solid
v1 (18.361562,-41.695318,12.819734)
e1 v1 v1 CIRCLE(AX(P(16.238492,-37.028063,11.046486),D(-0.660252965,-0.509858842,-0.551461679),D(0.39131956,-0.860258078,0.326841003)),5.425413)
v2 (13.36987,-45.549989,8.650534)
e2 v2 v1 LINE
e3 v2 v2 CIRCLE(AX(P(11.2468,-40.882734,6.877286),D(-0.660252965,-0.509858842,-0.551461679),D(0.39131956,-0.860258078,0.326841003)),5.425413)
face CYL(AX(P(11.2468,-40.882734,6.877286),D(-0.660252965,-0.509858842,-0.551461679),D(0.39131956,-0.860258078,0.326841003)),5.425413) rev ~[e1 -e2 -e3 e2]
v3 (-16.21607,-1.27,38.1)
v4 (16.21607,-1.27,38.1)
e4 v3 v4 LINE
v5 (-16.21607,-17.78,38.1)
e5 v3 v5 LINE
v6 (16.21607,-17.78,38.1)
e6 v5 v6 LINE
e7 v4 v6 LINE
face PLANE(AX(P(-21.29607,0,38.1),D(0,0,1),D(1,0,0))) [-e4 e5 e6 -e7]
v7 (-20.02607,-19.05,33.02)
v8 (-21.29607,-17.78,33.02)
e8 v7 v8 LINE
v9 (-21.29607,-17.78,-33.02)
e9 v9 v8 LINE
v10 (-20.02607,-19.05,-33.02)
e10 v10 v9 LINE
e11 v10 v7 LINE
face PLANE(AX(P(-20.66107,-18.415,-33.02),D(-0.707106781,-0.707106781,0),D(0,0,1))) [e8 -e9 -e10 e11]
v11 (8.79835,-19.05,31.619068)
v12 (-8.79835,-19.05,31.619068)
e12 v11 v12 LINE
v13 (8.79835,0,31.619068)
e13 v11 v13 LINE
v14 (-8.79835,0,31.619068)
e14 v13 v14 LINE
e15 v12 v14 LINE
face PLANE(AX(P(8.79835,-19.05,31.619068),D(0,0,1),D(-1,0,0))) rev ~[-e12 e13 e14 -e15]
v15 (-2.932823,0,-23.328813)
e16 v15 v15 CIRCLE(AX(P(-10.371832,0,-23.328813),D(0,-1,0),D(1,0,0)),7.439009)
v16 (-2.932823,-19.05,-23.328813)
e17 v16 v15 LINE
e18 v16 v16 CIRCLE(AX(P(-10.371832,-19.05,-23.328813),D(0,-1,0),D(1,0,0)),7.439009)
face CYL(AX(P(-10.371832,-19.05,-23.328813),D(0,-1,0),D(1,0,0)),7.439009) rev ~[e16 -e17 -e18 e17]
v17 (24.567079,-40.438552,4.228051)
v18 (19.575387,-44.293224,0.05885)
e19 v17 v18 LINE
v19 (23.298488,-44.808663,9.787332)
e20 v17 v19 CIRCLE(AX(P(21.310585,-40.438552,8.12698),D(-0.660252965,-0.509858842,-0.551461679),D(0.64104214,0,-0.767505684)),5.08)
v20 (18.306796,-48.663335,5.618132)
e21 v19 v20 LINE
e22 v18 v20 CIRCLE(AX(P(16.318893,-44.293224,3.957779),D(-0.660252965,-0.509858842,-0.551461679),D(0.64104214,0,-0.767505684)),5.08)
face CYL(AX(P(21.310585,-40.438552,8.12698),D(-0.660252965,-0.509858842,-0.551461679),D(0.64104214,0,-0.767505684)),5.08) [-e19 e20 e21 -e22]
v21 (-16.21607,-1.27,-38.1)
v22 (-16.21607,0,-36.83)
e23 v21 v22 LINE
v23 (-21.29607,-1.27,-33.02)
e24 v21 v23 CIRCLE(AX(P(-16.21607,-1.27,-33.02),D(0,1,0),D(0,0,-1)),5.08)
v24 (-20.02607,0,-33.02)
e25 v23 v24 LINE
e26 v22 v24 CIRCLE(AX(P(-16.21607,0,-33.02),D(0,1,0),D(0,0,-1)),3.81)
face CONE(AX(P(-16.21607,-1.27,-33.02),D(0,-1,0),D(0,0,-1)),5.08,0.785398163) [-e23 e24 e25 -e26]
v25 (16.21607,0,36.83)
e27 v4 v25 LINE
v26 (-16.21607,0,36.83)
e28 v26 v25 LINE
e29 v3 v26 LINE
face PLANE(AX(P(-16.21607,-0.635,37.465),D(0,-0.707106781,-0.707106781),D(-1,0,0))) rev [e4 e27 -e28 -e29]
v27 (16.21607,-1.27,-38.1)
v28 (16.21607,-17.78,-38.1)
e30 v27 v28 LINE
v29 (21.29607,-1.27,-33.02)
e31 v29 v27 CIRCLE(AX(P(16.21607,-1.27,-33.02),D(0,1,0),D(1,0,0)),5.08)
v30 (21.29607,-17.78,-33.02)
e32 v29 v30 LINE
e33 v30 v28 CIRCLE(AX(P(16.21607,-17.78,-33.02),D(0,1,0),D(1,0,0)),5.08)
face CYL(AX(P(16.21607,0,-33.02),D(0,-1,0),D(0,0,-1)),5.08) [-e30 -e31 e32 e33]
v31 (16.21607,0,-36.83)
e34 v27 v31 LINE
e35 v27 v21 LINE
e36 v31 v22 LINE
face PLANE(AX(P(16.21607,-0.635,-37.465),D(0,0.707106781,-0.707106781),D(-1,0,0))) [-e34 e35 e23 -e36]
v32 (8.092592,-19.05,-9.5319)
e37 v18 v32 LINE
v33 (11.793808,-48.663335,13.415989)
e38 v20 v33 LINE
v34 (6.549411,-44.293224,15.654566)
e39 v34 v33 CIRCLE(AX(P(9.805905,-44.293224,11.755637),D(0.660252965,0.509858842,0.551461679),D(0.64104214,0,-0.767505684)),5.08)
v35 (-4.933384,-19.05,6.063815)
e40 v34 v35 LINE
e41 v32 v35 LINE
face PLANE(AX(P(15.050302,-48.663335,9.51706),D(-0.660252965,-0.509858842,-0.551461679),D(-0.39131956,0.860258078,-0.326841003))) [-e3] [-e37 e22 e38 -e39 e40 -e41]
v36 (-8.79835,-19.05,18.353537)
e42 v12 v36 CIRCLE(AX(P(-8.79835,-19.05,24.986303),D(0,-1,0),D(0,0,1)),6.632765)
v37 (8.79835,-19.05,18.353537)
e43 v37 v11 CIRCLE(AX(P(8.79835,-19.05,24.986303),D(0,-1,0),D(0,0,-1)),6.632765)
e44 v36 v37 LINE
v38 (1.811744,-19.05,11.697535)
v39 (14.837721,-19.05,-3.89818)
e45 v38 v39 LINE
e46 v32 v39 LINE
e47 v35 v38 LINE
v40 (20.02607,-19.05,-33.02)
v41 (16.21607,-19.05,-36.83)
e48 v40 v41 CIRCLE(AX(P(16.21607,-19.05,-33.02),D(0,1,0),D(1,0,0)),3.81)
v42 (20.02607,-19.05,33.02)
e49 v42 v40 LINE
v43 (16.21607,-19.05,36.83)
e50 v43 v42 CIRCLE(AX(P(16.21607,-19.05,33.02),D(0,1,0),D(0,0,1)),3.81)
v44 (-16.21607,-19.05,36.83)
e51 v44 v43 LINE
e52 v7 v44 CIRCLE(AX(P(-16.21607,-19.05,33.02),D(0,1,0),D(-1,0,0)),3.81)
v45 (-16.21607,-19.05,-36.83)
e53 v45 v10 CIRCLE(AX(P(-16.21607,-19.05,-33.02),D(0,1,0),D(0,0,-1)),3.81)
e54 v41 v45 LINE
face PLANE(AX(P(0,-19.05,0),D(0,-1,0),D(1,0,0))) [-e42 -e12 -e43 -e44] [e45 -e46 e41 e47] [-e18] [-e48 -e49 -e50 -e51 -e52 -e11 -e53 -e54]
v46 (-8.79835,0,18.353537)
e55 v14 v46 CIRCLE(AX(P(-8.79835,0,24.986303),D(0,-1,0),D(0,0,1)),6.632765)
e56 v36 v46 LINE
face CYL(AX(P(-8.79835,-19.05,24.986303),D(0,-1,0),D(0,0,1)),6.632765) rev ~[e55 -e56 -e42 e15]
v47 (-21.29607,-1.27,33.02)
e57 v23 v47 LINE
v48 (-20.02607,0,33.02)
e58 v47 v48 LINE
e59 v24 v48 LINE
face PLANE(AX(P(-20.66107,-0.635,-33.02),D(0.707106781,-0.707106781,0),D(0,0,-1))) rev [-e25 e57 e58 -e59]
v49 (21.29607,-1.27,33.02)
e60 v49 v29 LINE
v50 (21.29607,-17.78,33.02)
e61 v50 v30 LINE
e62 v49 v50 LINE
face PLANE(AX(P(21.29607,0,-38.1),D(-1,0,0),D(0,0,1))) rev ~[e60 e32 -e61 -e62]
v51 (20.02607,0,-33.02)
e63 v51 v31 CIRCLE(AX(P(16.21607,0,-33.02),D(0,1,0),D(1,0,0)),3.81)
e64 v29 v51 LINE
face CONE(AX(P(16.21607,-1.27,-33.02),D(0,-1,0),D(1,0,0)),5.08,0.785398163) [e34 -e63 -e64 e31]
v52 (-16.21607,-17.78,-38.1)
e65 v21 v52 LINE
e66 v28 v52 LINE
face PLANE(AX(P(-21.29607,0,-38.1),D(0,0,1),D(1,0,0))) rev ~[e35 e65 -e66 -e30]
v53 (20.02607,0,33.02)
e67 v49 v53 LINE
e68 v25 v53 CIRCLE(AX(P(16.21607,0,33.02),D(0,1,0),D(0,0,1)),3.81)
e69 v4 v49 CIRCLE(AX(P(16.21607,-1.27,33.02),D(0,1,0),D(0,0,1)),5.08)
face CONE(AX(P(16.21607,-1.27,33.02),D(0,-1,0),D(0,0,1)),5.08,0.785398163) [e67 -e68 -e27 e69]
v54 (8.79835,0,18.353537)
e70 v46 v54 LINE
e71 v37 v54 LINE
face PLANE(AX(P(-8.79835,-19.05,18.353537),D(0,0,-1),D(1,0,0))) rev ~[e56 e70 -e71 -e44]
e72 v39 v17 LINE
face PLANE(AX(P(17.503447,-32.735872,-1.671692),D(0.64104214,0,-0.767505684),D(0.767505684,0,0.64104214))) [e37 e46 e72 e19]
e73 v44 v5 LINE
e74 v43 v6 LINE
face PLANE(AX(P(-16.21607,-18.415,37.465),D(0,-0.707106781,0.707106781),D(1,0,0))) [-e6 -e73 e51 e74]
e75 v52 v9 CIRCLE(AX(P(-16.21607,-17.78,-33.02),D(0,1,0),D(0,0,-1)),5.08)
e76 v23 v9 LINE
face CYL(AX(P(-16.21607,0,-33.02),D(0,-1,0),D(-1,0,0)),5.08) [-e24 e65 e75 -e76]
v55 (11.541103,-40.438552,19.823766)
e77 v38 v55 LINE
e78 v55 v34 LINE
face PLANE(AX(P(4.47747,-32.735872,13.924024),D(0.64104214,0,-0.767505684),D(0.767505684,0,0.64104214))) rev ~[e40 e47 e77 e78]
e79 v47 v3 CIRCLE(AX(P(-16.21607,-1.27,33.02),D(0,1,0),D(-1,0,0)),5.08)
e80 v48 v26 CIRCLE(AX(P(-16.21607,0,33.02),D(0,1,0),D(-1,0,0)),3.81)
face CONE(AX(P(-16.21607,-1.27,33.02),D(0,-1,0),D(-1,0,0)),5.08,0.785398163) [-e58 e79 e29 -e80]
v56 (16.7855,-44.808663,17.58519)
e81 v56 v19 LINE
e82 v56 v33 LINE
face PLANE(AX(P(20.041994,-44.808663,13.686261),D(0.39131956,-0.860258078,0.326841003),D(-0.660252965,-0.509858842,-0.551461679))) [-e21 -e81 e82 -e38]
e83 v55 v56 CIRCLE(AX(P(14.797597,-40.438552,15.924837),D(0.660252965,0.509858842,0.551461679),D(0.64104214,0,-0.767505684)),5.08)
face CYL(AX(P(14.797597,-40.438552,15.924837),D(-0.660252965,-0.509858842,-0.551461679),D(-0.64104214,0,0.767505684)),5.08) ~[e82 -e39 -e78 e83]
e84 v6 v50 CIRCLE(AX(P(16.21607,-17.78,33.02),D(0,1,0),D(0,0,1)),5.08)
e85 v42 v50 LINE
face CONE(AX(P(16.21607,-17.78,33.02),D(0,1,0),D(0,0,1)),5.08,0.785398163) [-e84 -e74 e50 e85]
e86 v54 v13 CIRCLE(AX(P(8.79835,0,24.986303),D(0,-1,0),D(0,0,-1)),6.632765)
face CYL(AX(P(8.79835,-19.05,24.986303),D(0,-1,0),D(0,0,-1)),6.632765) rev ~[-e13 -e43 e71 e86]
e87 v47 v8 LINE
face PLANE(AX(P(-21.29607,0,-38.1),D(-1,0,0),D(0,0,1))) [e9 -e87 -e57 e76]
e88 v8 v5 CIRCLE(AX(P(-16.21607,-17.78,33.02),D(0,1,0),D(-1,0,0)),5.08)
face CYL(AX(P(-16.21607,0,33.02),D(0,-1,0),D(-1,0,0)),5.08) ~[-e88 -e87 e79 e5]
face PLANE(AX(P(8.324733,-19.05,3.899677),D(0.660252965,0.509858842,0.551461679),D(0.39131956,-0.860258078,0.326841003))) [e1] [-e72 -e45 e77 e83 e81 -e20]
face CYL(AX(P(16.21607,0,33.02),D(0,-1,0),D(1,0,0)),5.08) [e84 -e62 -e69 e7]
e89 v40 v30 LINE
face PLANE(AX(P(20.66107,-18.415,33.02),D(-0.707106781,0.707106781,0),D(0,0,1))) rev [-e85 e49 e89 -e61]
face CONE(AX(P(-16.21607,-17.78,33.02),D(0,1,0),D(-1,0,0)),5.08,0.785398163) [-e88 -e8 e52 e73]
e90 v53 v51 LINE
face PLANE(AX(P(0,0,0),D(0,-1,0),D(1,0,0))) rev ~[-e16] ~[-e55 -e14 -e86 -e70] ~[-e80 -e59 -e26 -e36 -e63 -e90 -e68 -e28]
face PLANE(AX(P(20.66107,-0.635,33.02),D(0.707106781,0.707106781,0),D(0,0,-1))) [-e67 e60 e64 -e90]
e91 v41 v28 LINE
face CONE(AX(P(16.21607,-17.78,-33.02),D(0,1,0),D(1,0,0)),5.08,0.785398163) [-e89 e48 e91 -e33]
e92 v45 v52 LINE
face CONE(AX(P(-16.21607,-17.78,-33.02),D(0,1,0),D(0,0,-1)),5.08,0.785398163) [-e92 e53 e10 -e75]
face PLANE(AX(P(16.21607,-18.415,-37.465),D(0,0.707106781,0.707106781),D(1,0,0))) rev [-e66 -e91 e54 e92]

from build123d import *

# Parameters (mm, degrees)
F0_W      = 42.5921405452
F0_H      = 76.2
F1_DEPTH  = 19.05
F2_R      = 5.08
F3_R      = 7.4390090137
F4_DEPTH  = 25.4
F8_DEPTH  = 10.16
F9_R      = 5.08
F10_R     = 5.4254130452
F11_DEPTH = 25.4
F12_SIZE  = 1.27


with BuildPart() as f1:
    # F0 (on Front) → F1 (new body)
    with BuildSketch(Plane.XZ):
        Rectangle(F0_W, F0_H)
    extrude(amount=F1_DEPTH)

    # F2
    f2_edges = [f1.edges().sort_by_distance(p)[0] for p in [
        (-21.29607, -9.525, 38.1),
        (21.29607, -9.525, 38.1),
        (21.29607, -9.525, -38.1),
        (-21.29607, -9.525, -38.1),
    ]]
    fillet(f2_edges, radius=F2_R)

    # F3 (on face) → F4 (cut)
    with BuildSketch(Plane.XZ.offset(19.05)):
        with Locations((-10.371832177, -23.3288127929)):
            Circle(F3_R)
        with BuildLine():
            Line((8.7983496487, 31.6190682352), (-8.7983496487, 31.6190682352))
            ThreePointArc((-8.7983496487, 31.6190682352), (-15.4311150855, 24.9863027984), (-8.7983496487, 18.3535373615))
            Line((-8.7983496487, 18.3535373615), (8.7983496487, 18.3535373615))
            ThreePointArc((8.7983496487, 18.3535373615), (15.4311150855, 24.9863027984), (8.7983496487, 31.6190682352))
        make_face()
    extrude(amount=-F4_DEPTH, mode=Mode.SUBTRACT)

    # F7 (on face) → F8 (join, symmetric)
    with BuildSketch(Plane(origin=(1.5022693661, 0, -1.79863414), x_dir=(0.7675056841, 0, 0.6410421397), z_dir=(0.6410421397, 0, -0.7675056841))):
        Polygon((0.1007605708, 19.05), (8.8891370815, 19.05), (24.1558142006, 44.8086634278), (17.6520292383, 48.6633348998), align=None)
    extrude(amount=F8_DEPTH, both=True)

    # F9
    f9_edges = [f1.edges().sort_by_distance(p)[0] for p in [
        (11.03316, -46.735999, 19.399518),
        (24.059136, -46.735999, 3.803803),
    ]]
    fillet(f9_edges, radius=F9_R)

    # F10 (on face) → F11 (cut)
    with BuildSketch(Plane(origin=(-6.3556814341, -4.907967933, -5.3084422822), x_dir=(0.3913195596, -0.860258078, 0.3268410032), z_dir=(-0.6602529647, -0.5098588424, -0.551461679))):
        with Locations((41.8185740709, -1.9313164521)):
            Circle(F10_R)
    extrude(amount=-F11_DEPTH, mode=Mode.SUBTRACT)

    # F12
    f12_edges = [f1.edges().sort_by_distance(p)[0] for p in [
        (-21.29607, -19.05, 0),
        (-21.29607, 0, 0),
    ]]
    chamfer(f12_edges, length=F12_SIZE)


solid = f1.part
